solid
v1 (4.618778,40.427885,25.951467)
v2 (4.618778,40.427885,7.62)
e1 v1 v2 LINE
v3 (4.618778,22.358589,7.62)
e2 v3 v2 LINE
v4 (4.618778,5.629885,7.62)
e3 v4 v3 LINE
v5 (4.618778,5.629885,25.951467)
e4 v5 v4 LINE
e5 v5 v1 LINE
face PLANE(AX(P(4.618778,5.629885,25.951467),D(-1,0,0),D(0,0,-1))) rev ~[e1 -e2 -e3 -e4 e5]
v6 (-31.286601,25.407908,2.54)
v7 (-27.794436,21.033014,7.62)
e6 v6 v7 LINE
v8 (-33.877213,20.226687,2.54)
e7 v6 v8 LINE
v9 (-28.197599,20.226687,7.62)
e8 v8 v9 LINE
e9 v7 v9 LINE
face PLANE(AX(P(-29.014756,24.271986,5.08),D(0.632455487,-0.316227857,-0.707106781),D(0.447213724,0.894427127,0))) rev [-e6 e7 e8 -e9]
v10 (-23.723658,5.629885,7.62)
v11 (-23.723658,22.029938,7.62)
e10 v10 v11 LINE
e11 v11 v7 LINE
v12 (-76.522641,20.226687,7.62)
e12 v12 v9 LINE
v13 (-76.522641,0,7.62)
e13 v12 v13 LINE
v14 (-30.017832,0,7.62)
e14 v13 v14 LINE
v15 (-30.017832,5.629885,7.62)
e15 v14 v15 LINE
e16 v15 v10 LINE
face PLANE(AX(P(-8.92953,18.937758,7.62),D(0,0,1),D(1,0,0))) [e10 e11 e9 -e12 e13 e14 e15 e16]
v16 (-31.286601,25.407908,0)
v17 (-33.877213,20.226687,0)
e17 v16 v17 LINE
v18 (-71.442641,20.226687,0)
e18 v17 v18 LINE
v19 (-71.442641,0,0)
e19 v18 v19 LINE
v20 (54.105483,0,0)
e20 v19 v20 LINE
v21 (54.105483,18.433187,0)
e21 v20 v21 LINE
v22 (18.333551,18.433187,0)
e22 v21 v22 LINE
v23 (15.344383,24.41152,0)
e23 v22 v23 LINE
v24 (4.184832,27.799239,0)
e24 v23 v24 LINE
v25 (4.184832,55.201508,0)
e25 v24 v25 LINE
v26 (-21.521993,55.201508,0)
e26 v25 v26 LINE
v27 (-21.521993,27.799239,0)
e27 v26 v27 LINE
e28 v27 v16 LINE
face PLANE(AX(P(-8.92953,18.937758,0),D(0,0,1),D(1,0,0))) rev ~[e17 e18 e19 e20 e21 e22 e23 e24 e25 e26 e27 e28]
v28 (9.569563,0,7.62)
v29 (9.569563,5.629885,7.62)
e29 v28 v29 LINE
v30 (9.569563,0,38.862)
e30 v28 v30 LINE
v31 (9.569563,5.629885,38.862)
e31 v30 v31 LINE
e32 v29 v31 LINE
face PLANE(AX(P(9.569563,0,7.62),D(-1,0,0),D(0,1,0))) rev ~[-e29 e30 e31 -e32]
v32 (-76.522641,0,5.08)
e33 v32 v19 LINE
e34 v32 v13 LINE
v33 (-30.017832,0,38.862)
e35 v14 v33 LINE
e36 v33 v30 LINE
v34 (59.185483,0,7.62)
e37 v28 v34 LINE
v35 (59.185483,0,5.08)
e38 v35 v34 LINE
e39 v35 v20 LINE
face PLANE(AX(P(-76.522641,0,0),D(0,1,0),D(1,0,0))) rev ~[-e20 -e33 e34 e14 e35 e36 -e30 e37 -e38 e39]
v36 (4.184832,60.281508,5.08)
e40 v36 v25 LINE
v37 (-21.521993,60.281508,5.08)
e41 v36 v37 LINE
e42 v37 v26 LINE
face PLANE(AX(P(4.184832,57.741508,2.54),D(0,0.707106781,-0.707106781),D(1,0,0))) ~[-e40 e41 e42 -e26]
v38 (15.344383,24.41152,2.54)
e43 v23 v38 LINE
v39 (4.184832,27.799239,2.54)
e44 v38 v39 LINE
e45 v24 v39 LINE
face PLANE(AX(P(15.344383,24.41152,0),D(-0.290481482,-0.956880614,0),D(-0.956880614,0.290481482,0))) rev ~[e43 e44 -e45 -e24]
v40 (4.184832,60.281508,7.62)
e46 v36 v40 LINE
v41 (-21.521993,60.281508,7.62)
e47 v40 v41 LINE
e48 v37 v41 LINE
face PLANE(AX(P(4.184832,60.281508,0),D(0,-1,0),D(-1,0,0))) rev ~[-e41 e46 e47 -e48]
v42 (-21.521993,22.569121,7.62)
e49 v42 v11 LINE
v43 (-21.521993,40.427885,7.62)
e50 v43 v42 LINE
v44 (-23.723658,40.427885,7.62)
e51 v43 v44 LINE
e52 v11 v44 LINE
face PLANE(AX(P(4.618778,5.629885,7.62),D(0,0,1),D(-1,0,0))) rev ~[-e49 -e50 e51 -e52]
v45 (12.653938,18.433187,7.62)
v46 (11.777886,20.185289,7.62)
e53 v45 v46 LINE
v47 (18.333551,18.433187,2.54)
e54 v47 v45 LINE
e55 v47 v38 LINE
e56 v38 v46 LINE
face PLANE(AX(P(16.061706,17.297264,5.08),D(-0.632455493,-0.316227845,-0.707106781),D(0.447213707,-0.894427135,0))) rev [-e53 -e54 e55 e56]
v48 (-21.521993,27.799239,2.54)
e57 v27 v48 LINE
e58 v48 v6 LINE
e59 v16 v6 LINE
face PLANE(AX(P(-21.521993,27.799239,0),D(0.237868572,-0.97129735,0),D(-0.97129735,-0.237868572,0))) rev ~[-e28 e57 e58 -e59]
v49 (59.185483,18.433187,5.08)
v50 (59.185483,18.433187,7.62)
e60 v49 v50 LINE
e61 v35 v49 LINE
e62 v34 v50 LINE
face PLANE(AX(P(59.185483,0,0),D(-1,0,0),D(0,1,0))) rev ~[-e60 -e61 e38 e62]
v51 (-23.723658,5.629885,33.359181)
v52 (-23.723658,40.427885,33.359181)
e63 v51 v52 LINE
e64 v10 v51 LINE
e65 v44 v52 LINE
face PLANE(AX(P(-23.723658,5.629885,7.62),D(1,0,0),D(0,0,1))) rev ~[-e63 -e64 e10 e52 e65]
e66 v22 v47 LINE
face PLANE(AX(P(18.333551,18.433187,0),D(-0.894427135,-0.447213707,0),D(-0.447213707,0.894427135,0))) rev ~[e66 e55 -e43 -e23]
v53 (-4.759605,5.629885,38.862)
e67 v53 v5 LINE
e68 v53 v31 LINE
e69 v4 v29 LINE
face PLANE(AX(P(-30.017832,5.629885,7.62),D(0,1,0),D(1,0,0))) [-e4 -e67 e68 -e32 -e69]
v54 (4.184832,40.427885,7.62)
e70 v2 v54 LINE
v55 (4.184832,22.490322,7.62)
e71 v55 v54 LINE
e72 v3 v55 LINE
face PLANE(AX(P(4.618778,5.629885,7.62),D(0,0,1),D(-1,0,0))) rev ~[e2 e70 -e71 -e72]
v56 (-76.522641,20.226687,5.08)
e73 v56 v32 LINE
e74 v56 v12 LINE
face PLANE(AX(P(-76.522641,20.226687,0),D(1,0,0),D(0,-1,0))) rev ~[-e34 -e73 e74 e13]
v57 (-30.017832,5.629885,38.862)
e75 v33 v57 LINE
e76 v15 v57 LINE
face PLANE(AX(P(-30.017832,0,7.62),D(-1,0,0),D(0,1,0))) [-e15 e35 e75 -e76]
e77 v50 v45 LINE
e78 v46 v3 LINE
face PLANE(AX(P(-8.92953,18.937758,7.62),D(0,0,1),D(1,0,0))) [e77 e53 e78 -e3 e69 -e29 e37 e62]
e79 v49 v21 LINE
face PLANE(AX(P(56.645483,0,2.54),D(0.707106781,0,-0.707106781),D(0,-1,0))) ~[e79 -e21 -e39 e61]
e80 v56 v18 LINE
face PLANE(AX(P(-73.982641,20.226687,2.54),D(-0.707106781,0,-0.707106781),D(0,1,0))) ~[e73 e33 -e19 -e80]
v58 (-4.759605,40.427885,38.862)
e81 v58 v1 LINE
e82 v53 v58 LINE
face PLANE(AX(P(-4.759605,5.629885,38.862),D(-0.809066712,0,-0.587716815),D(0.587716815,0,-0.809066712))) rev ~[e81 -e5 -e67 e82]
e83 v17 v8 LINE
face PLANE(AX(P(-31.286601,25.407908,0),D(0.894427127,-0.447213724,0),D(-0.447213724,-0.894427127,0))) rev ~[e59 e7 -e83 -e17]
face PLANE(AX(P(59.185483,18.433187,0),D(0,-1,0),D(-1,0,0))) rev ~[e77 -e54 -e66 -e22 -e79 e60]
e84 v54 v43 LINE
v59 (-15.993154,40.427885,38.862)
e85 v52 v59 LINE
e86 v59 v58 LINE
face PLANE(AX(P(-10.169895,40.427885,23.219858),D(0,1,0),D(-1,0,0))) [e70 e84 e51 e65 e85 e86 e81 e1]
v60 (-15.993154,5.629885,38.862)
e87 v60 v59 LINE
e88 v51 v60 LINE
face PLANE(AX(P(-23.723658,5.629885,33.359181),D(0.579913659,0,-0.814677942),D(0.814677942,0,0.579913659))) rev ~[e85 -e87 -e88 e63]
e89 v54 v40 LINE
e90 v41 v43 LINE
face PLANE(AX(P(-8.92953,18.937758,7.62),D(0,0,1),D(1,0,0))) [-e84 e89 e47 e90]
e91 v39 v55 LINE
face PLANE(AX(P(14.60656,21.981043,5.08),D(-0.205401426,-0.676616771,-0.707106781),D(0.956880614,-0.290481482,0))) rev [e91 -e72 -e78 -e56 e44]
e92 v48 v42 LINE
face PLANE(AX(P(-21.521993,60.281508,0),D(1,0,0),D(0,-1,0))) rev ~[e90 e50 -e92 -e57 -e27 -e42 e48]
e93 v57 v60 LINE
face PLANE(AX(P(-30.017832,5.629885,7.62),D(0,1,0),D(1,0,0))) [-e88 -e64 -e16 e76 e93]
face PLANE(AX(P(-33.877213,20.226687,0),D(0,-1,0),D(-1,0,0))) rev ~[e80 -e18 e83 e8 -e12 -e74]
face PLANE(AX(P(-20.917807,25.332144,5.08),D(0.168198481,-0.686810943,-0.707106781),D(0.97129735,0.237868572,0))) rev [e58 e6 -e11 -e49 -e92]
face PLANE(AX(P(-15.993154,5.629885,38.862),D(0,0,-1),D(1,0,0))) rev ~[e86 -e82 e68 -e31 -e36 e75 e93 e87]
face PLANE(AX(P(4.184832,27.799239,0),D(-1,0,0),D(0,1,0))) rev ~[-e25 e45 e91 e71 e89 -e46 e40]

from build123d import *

# Parameters (mm, degrees)
F1_DEPTH = 7.62
F2_SIZE  = 5.08
F3_W     = 39.5873952657
F3_H     = 5.6298854761
F4_DEPTH = 31.242
F6_DEPTH = 34.798


with BuildPart() as f1:
    # F0 (on Top) → F1 (new body)
    with BuildSketch(Plane.XY):
        Polygon((-76.5226408839, 20.2266871929), (-76.5226408839, 0), (59.1854825616, 0), (59.1854825616, 18.4331871569), (18.3335505426, 18.4331871569), (15.344383195, 24.4115199894), (4.1848318651, 27.7992393821), (4.1848318651, 60.2815076709), (-21.5219929814, 60.2815076709), (-21.5219929814, 27.7992393821), (-31.2866009772, 25.4079084843), (-33.8772125542, 20.2266871929), align=None)
    extrude(amount=F1_DEPTH)

    # F2
    f2_edges = [f1.edges().sort_by_distance(p)[0] for p in [
        (-26.404297, 26.603574, 7.62),
        (-32.581907, 22.817298, 7.62),
        (9.764608, 26.10538, 7.62),
        (16.838967, 21.422354, 7.62),
        (59.185483, 9.216594, 0),
        (-76.522641, 10.113344, 0),
        (-8.668581, 60.281508, 0),
    ]]
    chamfer(f2_edges, length=F2_SIZE)

    # F3 (on face) → F4 (join)
    with BuildSketch(Plane.XY.offset(7.62)):
        with Locations((-10.2241346613, 2.814942738)):
            Rectangle(F3_W, F3_H)
    extrude(amount=F4_DEPTH)

    # F5 (on face) → F6 (join)
    with BuildSketch(Plane(origin=(0, 5.6298854761, 0), x_dir=(-1, 0, 0), z_dir=(0, 1, 0))):
        Polygon((-4.6187778935, 25.9514674544), (-4.6187778935, 7.62), (0, 7.62), (0, 23.0201836675), (4.759604577, 29.3508209288), (15.9931536764, 29.3508209288), (19.8779646307, 25.9514674544), (19.8779646307, 7.62), (23.7236581743, 7.62), (23.7236581743, 33.3591811359), (15.9931536764, 38.862), (4.759604577, 38.862), align=None)
        Polygon((0, 23.0201836675), (0, 7.62), (19.8779646307, 7.62), (19.8779646307, 25.9514674544), (15.9931536764, 29.3508209288), (4.759604577, 29.3508209288), align=None)
    extrude(amount=F6_DEPTH)


solid = f1.part
